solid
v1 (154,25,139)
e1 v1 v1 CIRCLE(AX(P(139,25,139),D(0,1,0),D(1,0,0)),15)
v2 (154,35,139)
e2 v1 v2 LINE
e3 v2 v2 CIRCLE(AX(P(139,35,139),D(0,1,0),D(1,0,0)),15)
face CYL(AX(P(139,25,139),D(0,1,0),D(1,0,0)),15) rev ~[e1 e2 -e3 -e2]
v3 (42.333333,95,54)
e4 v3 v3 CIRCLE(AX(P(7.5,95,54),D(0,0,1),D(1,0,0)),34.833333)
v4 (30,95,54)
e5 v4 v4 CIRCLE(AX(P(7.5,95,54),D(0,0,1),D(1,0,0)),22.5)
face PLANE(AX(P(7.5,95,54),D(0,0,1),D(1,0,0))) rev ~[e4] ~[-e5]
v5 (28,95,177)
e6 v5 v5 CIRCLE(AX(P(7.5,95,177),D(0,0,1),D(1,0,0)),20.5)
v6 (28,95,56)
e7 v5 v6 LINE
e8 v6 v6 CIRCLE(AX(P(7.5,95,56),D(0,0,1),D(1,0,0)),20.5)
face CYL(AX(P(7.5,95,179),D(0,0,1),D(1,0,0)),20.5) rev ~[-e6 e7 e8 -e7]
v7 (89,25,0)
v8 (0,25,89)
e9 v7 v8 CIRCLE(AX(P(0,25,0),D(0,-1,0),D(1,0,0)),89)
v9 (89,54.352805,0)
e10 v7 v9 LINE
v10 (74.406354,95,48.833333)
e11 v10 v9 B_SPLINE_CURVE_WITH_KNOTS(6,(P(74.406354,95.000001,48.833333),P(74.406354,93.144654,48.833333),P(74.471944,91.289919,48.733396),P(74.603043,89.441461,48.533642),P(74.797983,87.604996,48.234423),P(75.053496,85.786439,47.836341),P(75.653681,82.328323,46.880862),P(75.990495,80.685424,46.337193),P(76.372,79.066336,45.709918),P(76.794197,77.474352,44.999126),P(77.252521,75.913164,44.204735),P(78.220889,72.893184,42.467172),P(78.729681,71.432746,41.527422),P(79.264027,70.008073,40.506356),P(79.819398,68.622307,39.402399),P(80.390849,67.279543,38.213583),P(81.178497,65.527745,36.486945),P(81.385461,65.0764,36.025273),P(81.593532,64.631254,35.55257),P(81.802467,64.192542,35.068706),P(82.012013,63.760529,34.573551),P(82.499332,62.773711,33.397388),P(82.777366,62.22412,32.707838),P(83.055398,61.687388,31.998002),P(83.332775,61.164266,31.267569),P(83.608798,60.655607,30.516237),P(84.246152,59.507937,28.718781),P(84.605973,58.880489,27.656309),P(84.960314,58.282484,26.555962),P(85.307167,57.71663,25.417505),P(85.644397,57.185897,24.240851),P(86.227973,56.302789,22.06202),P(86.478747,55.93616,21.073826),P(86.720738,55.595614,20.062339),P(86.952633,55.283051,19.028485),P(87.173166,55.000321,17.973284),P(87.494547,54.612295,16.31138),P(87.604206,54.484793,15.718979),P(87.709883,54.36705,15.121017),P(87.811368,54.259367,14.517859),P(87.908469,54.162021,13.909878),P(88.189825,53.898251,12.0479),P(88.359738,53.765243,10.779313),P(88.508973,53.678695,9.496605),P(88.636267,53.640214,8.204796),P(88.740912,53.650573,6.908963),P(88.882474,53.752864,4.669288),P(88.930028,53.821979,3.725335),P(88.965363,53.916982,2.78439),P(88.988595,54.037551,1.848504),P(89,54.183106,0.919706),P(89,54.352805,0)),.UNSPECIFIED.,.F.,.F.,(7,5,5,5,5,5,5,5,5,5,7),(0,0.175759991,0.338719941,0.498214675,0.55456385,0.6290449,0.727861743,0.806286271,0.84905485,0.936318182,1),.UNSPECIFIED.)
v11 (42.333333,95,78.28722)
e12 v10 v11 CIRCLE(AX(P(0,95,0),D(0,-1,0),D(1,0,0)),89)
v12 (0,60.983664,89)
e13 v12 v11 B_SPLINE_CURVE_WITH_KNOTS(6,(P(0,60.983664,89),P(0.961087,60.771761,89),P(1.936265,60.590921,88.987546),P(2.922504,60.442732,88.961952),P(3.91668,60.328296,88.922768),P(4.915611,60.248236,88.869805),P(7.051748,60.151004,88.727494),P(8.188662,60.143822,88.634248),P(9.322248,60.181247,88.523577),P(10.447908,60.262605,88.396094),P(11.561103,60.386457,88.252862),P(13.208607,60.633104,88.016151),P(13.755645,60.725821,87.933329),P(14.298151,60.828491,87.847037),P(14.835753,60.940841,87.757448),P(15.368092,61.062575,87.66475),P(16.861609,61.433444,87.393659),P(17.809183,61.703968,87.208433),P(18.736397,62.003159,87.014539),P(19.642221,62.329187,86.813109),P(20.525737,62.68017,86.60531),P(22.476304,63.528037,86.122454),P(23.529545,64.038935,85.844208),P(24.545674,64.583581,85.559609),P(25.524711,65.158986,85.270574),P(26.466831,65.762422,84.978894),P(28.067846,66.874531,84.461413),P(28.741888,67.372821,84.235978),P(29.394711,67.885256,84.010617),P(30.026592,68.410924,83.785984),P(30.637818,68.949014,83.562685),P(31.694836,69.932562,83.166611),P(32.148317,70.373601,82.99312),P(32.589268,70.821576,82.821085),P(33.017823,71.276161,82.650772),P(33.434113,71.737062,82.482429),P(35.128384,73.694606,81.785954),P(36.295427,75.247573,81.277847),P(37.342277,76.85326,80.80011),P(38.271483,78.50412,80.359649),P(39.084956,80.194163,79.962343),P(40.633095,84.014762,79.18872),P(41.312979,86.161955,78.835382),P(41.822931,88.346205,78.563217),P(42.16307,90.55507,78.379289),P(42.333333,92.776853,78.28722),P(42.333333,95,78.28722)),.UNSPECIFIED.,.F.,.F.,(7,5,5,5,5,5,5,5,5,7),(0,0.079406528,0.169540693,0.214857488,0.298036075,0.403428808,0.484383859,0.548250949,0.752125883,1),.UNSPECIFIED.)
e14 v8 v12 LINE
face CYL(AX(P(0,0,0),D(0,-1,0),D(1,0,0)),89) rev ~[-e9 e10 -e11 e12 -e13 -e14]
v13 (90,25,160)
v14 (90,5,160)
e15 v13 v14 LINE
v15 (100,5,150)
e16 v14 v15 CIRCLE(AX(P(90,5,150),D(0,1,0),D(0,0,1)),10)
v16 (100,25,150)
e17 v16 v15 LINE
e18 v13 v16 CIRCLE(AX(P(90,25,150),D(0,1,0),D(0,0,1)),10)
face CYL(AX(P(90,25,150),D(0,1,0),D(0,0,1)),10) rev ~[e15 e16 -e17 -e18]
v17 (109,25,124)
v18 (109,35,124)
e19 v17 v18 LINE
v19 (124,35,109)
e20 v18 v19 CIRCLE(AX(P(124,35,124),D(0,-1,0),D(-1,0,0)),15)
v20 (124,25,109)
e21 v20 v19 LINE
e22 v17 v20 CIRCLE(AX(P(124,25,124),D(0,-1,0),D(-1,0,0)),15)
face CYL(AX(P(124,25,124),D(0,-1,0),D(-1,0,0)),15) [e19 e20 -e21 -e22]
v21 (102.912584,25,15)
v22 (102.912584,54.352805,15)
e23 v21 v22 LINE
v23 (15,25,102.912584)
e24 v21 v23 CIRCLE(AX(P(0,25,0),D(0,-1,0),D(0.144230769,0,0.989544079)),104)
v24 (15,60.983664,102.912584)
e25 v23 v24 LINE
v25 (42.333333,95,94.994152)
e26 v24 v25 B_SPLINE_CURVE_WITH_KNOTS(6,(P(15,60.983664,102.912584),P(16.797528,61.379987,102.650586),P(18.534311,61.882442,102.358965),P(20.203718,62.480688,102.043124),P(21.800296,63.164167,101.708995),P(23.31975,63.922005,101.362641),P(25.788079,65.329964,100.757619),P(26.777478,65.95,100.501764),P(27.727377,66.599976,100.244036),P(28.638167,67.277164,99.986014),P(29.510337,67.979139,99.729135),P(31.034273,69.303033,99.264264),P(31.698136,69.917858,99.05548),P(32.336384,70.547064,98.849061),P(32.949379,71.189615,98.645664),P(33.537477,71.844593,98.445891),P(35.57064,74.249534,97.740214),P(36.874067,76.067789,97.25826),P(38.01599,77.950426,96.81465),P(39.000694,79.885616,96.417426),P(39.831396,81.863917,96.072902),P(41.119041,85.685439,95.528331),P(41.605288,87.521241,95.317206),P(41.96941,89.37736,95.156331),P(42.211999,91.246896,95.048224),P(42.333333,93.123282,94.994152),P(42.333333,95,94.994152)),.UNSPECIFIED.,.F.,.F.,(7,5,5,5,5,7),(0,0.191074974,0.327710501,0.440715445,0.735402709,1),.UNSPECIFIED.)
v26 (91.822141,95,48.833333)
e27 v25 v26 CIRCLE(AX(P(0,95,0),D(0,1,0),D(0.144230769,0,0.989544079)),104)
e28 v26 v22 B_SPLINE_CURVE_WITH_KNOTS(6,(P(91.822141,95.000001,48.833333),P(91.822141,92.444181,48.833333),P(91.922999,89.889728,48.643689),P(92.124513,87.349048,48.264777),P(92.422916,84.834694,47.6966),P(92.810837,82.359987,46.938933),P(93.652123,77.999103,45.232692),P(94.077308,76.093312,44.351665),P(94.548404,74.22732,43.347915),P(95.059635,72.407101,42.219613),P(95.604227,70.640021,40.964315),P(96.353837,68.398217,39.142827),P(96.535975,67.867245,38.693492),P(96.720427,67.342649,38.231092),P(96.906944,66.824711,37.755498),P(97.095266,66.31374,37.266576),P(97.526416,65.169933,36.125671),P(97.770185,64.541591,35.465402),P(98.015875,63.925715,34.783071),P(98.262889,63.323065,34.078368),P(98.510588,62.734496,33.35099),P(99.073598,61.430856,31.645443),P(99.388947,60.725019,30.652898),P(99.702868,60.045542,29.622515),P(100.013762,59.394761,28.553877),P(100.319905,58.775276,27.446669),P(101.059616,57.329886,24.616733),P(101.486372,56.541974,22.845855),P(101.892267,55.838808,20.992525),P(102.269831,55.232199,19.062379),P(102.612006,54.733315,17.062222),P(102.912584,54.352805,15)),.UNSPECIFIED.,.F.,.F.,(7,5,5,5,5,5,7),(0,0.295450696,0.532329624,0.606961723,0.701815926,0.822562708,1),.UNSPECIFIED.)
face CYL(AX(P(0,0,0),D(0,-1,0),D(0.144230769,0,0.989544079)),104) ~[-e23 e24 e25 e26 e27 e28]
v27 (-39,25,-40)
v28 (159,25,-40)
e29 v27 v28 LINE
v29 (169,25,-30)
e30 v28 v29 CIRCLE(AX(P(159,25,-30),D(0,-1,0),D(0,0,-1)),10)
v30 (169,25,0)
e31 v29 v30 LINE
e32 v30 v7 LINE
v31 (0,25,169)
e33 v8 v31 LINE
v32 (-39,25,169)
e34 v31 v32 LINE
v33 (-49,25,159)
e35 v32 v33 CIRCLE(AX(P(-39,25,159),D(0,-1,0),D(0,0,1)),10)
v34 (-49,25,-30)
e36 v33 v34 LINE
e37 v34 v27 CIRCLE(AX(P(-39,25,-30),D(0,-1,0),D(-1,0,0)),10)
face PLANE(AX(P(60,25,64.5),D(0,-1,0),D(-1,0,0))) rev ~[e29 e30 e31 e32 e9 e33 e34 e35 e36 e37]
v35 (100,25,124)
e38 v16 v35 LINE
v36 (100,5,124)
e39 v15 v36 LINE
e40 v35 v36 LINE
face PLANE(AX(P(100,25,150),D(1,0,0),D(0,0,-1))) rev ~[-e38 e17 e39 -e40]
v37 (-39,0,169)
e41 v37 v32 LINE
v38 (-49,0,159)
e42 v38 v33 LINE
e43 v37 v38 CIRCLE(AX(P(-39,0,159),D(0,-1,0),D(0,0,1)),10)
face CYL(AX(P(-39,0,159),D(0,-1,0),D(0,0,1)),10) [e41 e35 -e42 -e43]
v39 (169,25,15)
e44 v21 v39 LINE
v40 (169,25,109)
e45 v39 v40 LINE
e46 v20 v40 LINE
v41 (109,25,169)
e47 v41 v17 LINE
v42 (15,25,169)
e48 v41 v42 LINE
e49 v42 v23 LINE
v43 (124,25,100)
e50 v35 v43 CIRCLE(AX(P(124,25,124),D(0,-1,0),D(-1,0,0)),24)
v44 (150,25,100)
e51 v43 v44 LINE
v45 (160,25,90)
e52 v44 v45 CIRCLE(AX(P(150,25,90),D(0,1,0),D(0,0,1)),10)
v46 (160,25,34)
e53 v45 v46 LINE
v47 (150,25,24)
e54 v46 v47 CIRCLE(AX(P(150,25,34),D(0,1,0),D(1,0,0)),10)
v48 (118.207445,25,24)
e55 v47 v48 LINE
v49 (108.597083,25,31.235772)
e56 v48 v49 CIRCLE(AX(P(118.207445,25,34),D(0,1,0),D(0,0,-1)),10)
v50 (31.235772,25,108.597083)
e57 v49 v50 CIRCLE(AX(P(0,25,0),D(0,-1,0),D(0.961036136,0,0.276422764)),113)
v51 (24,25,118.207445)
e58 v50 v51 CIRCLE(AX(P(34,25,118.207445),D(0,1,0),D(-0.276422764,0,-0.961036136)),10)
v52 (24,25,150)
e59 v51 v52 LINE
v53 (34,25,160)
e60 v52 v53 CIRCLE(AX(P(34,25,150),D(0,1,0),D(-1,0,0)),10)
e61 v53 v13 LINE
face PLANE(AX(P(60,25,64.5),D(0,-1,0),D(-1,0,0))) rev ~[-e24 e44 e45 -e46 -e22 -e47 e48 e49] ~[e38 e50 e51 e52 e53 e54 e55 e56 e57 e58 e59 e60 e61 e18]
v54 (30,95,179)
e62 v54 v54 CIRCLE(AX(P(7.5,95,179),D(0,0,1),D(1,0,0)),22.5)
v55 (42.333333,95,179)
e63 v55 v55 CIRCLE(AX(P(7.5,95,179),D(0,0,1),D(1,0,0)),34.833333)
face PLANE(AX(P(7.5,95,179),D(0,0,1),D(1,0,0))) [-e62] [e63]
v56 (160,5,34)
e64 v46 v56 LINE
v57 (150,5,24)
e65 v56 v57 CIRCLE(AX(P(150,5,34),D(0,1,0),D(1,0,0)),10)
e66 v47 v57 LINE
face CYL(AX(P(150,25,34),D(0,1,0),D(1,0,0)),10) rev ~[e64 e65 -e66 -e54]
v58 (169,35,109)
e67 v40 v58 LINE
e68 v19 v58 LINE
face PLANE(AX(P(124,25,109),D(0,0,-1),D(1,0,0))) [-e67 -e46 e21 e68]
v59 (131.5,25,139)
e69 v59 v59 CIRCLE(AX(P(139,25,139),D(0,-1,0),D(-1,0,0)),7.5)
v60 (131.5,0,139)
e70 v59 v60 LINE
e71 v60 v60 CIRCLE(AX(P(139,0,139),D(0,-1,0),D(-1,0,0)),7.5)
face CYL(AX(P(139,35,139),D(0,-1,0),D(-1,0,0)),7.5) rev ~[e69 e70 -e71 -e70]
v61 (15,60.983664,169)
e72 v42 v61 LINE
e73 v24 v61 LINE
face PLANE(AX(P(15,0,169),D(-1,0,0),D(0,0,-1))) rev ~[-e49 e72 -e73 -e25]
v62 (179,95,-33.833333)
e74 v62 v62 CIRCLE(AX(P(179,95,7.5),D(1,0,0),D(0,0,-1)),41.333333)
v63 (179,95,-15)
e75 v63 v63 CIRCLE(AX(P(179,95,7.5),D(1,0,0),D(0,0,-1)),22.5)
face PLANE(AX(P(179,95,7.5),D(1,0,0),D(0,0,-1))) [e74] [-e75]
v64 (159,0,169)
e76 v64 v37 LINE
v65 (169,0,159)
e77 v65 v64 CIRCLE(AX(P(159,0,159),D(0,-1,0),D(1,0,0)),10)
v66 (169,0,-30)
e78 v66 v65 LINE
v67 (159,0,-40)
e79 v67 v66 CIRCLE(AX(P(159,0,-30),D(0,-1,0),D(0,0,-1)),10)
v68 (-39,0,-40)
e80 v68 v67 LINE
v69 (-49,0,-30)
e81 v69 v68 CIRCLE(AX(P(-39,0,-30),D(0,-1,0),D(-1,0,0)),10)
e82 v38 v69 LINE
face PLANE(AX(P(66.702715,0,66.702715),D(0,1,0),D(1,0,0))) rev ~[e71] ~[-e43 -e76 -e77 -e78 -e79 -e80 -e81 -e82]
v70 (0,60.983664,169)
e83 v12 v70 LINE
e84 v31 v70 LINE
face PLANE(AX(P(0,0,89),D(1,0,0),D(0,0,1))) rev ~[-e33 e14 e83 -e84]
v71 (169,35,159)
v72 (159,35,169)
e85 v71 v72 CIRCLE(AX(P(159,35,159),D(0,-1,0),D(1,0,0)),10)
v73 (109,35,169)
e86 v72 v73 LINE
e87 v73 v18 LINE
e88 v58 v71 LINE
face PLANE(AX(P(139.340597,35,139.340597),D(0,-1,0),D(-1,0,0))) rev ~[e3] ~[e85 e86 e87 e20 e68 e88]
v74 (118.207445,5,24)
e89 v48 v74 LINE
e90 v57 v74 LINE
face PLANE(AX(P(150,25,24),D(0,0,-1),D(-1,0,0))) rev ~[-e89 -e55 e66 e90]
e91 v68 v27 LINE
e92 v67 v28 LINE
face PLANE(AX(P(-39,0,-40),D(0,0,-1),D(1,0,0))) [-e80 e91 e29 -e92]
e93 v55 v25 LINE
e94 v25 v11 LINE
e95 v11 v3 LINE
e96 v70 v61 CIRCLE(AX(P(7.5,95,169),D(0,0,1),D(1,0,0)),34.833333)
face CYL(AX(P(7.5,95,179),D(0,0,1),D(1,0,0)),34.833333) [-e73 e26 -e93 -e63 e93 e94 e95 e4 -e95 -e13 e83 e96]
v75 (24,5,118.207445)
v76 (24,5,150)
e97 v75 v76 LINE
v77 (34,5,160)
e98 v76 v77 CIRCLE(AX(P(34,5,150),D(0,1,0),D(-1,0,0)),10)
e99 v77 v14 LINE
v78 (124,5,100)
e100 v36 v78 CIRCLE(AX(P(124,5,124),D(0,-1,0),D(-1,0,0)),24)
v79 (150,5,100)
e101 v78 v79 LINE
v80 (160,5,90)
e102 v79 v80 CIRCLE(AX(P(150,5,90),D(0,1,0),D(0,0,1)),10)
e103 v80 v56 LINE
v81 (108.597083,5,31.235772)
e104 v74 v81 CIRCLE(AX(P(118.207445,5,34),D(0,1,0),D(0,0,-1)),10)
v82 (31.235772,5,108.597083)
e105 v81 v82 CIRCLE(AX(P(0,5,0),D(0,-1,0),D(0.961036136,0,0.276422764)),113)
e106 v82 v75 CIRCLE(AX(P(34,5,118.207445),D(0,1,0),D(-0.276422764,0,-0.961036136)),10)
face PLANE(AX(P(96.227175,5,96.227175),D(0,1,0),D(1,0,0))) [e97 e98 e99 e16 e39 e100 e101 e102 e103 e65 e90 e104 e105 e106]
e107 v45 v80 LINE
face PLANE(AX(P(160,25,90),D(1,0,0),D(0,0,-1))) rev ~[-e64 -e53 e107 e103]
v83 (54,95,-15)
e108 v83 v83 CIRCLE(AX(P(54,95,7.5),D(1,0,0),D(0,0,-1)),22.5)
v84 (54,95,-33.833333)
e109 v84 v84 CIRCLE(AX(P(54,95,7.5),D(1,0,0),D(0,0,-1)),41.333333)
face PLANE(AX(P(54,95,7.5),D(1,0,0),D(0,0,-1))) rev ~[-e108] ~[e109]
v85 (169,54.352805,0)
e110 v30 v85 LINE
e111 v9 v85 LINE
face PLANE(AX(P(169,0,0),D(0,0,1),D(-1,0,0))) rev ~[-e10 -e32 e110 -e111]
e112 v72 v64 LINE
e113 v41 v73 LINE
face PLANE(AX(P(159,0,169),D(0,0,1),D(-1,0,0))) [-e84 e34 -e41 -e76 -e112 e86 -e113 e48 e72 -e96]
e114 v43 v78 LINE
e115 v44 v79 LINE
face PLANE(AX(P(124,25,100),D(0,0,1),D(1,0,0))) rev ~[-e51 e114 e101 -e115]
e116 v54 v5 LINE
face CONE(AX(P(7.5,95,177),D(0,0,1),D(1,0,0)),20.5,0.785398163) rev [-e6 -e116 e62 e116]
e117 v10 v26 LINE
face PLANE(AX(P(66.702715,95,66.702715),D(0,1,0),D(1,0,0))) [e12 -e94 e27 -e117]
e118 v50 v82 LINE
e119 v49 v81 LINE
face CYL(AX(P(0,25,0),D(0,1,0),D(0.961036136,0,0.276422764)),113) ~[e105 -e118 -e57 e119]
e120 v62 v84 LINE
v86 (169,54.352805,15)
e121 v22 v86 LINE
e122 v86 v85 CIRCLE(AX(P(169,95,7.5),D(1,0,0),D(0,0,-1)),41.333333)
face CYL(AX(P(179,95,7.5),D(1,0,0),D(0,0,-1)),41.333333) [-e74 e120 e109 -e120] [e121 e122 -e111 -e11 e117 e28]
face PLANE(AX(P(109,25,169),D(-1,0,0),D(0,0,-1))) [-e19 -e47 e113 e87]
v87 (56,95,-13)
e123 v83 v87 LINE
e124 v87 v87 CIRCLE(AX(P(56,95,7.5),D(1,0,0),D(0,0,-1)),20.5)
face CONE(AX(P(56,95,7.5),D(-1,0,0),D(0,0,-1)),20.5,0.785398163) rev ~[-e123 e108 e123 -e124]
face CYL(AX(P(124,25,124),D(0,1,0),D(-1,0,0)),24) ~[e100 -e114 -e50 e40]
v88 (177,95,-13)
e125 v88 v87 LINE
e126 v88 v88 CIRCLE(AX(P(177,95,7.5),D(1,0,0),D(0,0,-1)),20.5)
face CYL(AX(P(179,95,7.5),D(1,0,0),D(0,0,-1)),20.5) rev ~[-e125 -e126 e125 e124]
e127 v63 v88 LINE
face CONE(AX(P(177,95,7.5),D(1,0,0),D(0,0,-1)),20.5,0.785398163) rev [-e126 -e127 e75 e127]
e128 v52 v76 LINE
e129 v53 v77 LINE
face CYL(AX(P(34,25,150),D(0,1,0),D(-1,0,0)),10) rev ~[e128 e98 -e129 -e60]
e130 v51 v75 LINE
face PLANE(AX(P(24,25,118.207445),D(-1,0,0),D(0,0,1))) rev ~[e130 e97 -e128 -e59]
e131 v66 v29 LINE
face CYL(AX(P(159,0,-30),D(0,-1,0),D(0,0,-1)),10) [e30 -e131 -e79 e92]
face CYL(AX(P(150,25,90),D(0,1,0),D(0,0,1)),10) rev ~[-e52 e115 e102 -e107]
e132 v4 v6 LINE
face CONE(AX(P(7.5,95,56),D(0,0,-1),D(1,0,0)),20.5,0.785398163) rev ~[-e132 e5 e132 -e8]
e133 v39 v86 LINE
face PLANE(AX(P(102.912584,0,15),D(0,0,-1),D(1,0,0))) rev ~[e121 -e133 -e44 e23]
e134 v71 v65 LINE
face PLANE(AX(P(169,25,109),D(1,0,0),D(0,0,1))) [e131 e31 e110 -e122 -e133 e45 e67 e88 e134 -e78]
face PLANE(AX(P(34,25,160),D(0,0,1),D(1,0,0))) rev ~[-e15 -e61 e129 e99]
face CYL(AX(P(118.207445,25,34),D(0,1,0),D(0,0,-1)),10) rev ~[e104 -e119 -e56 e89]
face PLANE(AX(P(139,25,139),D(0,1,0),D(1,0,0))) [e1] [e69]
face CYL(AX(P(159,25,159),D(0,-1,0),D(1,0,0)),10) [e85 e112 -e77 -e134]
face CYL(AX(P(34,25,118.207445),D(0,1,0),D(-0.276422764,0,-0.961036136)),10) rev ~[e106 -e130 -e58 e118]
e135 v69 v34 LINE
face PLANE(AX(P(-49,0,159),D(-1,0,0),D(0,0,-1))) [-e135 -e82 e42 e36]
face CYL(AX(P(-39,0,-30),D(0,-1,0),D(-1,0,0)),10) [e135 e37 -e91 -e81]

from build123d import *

# Parameters (mm, degrees)
BOSS_EXTRUDE1_DEPTH                     = 25
BOSS_EXTRUDE2_START                     = -25
BOSS_EXTRUDE2_DEPTH                     = 95
BOSS_EXTRUDE3_DEPTH                     = 10
CBORE_FOR_M8_HEX_HEAD_BOLT1_D           = 15
CBORE_FOR_M8_HEX_HEAD_BOLT1_CBORE_D     = 30
CBORE_FOR_M8_HEX_HEAD_BOLT1_CBORE_DEPTH = 10
CUT_EXTRUDE1_DEPTH                      = 20
BOSS_EXTRUDE4_START                     = 10
SKETCH7_R                               = 34.833333333
BOSS_EXTRUDE4_DEPTH                     = 125
BOSS_EXTRUDE5_START                     = 10
SKETCH8_R                               = 41.333333333
BOSS_EXTRUDE5_DEPTH                     = 125
CUT_EXTRUDE2_REACH                      = 315.988
SKETCH9_R                               = 20.5
CUT_EXTRUDE3_REACH                      = 322.331
SKETCH10_R                              = 20.5
CHAMFER1_SIZE                           = 2


with BuildPart() as part:
    # Sketch1 → Boss-Extrude1 (new body)
    with BuildSketch(Plane(origin=(0, 0, 0), x_dir=(1, 0, 0), z_dir=(0, 1, 0))):
        with BuildLine():
            Line((-39, 40), (159, 40))
            ThreePointArc((159, 40), (166.071067812, 37.071067812), (169, 30))
            Line((169, 30), (169, -159))
            ThreePointArc((169, -159), (166.071067812, -166.071067812), (159, -169))
            Line((159, -169), (-39, -169))
            ThreePointArc((-39, -169), (-46.071067812, -166.071067812), (-49, -159))
            Line((-49, -159), (-49, 30))
            ThreePointArc((-49, 30), (-46.071067812, 37.071067812), (-39, 40))
        make_face()
    extrude(amount=BOSS_EXTRUDE1_DEPTH)

    # Sketch2 → Boss-Extrude2 (add)
    with BuildSketch(Plane(origin=(0, 25, 0), x_dir=(1, 0, 0), z_dir=(0, 1, 0)).offset(BOSS_EXTRUDE2_START)):
        with BuildLine():
            Line((0, -89), (0, -169))
            Line((0, -169), (15, -169))
            Line((15, -169), (15, -102.912584265))
            ThreePointArc((15, -102.912584265), (73.539105243, -73.539105243), (102.912584265, -15))
            Line((102.912584265, -15), (169, -15))
            Line((169, -15), (169, 0))
            Line((169, 0), (89, 0))
            ThreePointArc((89, 0), (62.932503526, -62.932503526), (0, -89))
        make_face()
    extrude(amount=BOSS_EXTRUDE2_DEPTH)

    # Sketch3 → Boss-Extrude3 (add)
    with BuildSketch(Plane(origin=(0, 25, 0), x_dir=(1, 0, 0), z_dir=(0, 1, 0))):
        with BuildLine():
            Line((124, -109), (169, -109))
            Line((169, -109), (169, -159))
            ThreePointArc((169, -159), (166.071067812, -166.071067812), (159, -169))
            Line((159, -169), (109, -169))
            Line((109, -169), (109, -124))
            ThreePointArc((109, -124), (113.393398282, -113.393398282), (124, -109))
        make_face()
    extrude(amount=BOSS_EXTRUDE3_DEPTH)

    # CBORE for M8 Hex Head Bolt1 (through all)
    with Locations(Plane(origin=(0, 35, 0), x_dir=(1, 0, 0), z_dir=(0, 1, 0))):
        with Locations((139, -139)):
            CounterBoreHole(CBORE_FOR_M8_HEX_HEAD_BOLT1_D / 2, CBORE_FOR_M8_HEX_HEAD_BOLT1_CBORE_D / 2, CBORE_FOR_M8_HEX_HEAD_BOLT1_CBORE_DEPTH)

    # Sketch6 → Cut-Extrude1 (cut)
    with BuildSketch(Plane(origin=(0, 25, 0), x_dir=(1, 0, 0), z_dir=(0, 1, 0))):
        with BuildLine():
            Line((100, -150), (100, -124))
            ThreePointArc((100, -124), (107.029437252, -107.029437252), (124, -100))
            Line((124, -100), (150, -100))
            ThreePointArc((150, -100), (157.071067812, -97.071067812), (160, -90))
            Line((160, -90), (160, -34))
            ThreePointArc((160, -34), (157.071067812, -26.928932188), (150, -24))
            Line((150, -24), (118.207444774, -24))
            ThreePointArc((118.207444774, -24), (112.192558093, -26.011186683), (108.59708341, -31.235772358))
            ThreePointArc((108.59708341, -31.235772358), (79.903066274, -79.903066274), (31.235772358, -108.59708341))
            ThreePointArc((31.235772358, -108.59708341), (26.011186683, -112.192558093), (24, -118.207444774))
            Line((24, -118.207444774), (24, -150))
            ThreePointArc((24, -150), (26.928932188, -157.071067812), (34, -160))
            Line((34, -160), (90, -160))
            ThreePointArc((90, -160), (97.071067812, -157.071067812), (100, -150))
        make_face()
    extrude(amount=-CUT_EXTRUDE1_DEPTH, mode=Mode.SUBTRACT)

    # Sketch7 → Boss-Extrude4 (add)
    with BuildSketch(Plane.XY.offset(169).offset(BOSS_EXTRUDE4_START)):
        with Locations((7.5, 95)):
            Circle(SKETCH7_R)
    extrude(amount=-BOSS_EXTRUDE4_DEPTH)

    # Sketch8 → Boss-Extrude5 (add)
    with BuildSketch(Plane(origin=(169, 0, 0), x_dir=(0, 0, -1), z_dir=(1, 0, 0)).offset(BOSS_EXTRUDE5_START)):
        with Locations((-7.5, 95)):
            Circle(SKETCH8_R)
    extrude(amount=-BOSS_EXTRUDE5_DEPTH)

    # Sketch9 → Cut-Extrude2 (cut, up to next)
    with BuildSketch(Plane.XY.offset(179), mode=Mode.PRIVATE) as cut_extrude2_sk1:
        with Locations((7.5, 95)):
            Circle(SKETCH9_R)
    cut_extrude2_tool1 = extrude(cut_extrude2_sk1.sketch, amount=-CUT_EXTRUDE2_REACH, mode=Mode.PRIVATE) & part.part
    add(cut_extrude2_tool1.solids().sort_by_distance((7.5, 95, 179))[0], mode=Mode.SUBTRACT)

    # Sketch10 → Cut-Extrude3 (cut, up to next)
    with BuildSketch(Plane(origin=(179, 0, 0), x_dir=(0, 0, -1), z_dir=(1, 0, 0)), mode=Mode.PRIVATE) as cut_extrude3_sk1:
        with Locations((-7.5, 95)):
            Circle(SKETCH10_R)
    cut_extrude3_tool1 = extrude(cut_extrude3_sk1.sketch, amount=-CUT_EXTRUDE3_REACH, mode=Mode.PRIVATE) & part.part
    add(cut_extrude3_tool1.solids().sort_by_distance((179, 95, 7.5))[0], mode=Mode.SUBTRACT)

    # Chamfer1
    chamfer1_edges = [part.edges().sort_by_distance(p)[0] for p in [
        (-13, 95, 179),
        (-13, 95, 54),
        (179, 95, 28),
        (54, 95, 28),
    ]]
    chamfer(chamfer1_edges, length=CHAMFER1_SIZE)


solid = part.part
